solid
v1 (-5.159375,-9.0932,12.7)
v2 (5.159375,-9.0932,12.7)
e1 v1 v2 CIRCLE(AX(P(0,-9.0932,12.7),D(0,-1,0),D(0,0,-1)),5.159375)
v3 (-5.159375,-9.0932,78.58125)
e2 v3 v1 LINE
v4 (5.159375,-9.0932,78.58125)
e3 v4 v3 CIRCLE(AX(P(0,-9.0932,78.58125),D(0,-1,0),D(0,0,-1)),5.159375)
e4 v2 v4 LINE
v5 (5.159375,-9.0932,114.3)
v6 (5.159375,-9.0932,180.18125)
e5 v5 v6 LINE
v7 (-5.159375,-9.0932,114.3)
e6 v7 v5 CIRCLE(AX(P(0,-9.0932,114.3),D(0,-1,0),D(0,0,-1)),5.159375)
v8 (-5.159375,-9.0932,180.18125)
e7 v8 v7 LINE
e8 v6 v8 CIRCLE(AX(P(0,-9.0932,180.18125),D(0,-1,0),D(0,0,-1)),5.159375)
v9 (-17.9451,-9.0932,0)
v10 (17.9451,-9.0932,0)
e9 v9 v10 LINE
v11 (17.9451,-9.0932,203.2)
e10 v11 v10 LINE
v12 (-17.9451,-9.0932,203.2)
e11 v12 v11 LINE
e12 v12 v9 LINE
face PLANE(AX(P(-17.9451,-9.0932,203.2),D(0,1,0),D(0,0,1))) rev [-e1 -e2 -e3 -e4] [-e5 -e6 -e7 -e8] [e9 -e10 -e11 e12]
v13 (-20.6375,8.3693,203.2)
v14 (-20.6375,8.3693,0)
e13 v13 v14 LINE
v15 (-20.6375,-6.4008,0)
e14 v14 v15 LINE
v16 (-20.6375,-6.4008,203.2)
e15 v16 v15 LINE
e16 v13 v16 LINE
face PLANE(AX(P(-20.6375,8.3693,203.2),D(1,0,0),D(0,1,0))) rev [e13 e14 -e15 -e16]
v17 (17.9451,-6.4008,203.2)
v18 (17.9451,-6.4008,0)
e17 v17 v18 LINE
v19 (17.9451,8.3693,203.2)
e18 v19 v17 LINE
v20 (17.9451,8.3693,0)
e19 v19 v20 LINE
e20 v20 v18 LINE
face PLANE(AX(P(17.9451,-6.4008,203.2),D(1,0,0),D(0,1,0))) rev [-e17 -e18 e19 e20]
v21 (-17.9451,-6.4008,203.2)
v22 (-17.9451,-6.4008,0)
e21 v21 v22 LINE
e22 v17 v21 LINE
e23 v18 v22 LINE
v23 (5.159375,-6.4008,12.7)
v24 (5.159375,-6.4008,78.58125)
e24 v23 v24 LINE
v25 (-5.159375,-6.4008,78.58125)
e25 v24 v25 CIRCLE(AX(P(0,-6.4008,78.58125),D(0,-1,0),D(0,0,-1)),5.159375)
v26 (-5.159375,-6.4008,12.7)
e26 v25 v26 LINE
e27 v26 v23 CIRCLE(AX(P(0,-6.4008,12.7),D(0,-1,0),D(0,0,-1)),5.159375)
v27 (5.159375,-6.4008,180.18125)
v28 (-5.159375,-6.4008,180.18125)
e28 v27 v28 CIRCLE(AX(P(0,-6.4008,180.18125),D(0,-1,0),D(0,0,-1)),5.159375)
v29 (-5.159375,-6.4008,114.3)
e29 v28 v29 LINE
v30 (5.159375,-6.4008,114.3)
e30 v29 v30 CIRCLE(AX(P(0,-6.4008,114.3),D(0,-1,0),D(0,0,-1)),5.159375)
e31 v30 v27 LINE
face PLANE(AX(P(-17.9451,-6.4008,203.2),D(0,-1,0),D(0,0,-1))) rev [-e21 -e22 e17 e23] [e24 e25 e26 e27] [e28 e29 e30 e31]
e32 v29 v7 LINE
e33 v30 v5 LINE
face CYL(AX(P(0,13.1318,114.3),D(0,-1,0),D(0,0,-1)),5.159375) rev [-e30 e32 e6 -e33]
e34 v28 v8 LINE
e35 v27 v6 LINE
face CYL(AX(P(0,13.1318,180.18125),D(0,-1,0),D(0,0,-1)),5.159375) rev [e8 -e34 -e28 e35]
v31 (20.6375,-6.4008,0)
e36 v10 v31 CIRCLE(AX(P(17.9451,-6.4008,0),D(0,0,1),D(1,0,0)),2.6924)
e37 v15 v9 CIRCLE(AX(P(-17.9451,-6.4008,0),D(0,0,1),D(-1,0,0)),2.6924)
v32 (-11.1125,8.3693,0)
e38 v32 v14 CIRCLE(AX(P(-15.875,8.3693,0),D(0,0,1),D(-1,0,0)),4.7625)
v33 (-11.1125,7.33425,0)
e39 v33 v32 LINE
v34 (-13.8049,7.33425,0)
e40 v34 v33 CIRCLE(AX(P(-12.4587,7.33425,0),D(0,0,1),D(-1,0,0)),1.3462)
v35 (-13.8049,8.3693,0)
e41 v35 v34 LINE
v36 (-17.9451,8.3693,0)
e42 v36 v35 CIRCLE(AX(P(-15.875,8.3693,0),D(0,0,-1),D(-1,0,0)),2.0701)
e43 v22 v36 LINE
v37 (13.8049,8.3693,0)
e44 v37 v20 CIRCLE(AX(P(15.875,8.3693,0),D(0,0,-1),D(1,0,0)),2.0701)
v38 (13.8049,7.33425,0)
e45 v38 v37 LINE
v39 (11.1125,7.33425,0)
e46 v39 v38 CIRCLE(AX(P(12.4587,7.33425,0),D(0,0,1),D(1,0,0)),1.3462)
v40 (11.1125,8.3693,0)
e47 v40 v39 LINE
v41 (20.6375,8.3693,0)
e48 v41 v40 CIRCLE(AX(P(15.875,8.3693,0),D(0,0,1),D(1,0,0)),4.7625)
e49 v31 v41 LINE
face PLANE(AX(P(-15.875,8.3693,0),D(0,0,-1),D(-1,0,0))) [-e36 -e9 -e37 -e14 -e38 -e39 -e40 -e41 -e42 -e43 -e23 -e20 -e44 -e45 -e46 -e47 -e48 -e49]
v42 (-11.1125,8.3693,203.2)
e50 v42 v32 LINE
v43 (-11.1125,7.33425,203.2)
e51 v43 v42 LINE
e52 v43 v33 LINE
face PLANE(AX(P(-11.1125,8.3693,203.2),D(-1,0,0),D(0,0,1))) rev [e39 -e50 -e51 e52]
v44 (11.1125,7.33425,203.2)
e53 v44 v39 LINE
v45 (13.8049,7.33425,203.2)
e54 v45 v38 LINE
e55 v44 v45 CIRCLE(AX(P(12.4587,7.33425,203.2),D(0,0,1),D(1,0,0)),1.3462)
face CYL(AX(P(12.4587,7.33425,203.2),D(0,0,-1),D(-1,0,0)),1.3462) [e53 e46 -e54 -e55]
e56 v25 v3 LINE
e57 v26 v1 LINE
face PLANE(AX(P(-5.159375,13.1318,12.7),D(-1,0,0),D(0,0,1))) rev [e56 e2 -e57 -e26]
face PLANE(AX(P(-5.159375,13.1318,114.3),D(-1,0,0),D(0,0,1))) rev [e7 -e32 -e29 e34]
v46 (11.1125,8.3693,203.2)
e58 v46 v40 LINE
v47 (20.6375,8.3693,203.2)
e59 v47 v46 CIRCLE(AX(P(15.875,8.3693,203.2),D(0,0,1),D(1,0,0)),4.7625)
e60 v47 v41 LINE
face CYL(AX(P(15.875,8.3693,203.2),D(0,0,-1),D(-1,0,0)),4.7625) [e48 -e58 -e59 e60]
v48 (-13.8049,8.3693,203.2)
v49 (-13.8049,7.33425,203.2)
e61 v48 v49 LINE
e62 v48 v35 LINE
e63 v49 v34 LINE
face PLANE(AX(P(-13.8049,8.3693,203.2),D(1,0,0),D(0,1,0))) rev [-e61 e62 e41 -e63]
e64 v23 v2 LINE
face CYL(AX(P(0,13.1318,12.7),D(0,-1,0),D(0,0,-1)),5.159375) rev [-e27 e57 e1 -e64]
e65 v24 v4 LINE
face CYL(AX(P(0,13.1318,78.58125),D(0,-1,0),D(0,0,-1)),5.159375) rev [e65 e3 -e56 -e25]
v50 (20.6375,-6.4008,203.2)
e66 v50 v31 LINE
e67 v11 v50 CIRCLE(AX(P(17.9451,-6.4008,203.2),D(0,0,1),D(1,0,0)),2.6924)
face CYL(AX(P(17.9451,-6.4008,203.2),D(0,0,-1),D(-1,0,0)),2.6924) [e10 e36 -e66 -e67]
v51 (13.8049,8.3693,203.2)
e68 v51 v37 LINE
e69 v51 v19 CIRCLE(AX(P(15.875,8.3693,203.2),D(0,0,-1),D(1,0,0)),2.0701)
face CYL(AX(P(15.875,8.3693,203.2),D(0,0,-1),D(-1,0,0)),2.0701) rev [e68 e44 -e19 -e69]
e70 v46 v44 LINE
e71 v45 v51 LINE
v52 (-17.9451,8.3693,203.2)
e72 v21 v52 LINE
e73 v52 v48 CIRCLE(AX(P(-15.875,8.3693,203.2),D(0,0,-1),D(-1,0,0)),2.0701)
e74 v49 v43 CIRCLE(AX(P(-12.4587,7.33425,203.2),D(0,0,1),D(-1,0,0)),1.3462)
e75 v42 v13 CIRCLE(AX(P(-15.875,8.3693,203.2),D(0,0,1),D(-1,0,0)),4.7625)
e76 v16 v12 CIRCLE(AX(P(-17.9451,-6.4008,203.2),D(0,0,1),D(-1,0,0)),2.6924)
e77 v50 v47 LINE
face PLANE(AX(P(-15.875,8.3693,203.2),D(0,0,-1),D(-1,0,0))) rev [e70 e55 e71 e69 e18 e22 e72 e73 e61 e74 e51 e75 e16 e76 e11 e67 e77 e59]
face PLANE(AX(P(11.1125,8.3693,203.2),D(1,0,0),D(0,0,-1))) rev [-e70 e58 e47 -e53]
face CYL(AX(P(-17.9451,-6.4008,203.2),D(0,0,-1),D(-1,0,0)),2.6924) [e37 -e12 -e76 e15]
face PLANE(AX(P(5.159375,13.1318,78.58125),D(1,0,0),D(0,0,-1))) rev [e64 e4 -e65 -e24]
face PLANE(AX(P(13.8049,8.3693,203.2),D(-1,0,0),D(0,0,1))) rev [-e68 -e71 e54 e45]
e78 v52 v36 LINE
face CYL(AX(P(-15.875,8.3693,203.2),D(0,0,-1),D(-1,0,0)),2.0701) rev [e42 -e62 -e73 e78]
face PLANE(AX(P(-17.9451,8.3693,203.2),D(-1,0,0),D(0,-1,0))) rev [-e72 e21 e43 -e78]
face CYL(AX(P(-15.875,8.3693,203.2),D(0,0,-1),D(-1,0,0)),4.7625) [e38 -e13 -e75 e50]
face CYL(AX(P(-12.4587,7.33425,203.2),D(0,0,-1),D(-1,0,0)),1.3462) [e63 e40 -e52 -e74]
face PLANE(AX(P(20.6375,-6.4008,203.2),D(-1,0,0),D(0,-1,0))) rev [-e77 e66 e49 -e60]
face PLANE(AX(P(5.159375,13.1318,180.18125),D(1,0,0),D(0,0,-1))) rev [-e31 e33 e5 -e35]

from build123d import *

# Parameters (mm, degrees)
BASE_EXTRUDE_DEPTH = 203.2
SLOT_DEPTH         = 223.005691059
LPATTERN1_COUNT    = 2
LPATTERN1_PITCH    = 101.6


with BuildPart() as part:
    # Sketch1 → Base-Extrude (new body)
    with BuildSketch(Plane.XY):
        with BuildLine():
            Line((-20.6375, 8.3693), (-20.6375, -6.4008))
            ThreePointArc((-20.6375, -6.4008), (-19.848914298, -8.304614298), (-17.9451, -9.0932))
            Line((-17.9451, -9.0932), (17.9451, -9.0932))
            ThreePointArc((17.9451, -9.0932), (19.848914298, -8.304614298), (20.6375, -6.4008))
            Line((20.6375, -6.4008), (20.6375, 8.3693))
            ThreePointArc((20.6375, 8.3693), (15.875, 13.1318), (11.1125, 8.3693))
            Line((11.1125, 8.3693), (11.1125, 7.33425))
            ThreePointArc((11.1125, 7.33425), (12.4587, 5.98805), (13.8049, 7.33425))
            Line((13.8049, 7.33425), (13.8049, 8.3693))
            ThreePointArc((13.8049, 8.3693), (15.875, 10.4394), (17.9451, 8.3693))
            Line((17.9451, 8.3693), (17.9451, -6.4008))
            Line((17.9451, -6.4008), (-17.9451, -6.4008))
            Line((-17.9451, -6.4008), (-17.9451, 8.3693))
            ThreePointArc((-17.9451, 8.3693), (-15.875, 10.4394), (-13.8049, 8.3693))
            Line((-13.8049, 8.3693), (-13.8049, 7.33425))
            ThreePointArc((-13.8049, 7.33425), (-12.4587, 5.98805), (-11.1125, 7.33425))
            Line((-11.1125, 7.33425), (-11.1125, 8.3693))
            ThreePointArc((-11.1125, 8.3693), (-15.875, 13.1318), (-20.6375, 8.3693))
        make_face()
    extrude(amount=BASE_EXTRUDE_DEPTH)

    # Sketch2 → Slot (cut, through all)
    with BuildSketch(Plane(origin=(0, -9.0932, -16.724236571), x_dir=(1, 0, 0), z_dir=(0, -1, 0))):
        with BuildLine():
            Line((5.159375, 95.305486571), (5.159375, 29.424236571))
            ThreePointArc((5.159375, 29.424236571), (0, 24.264861571), (-5.159375, 29.424236571))
            Line((-5.159375, 29.424236571), (-5.159375, 95.305486571))
            ThreePointArc((-5.159375, 95.305486571), (0, 100.464861571), (5.159375, 95.305486571))
        make_face()
    slot = extrude(amount=-SLOT_DEPTH, mode=Mode.SUBTRACT)

    # LPattern1: Slot ×2
    with Locations(*[(0, 0, i * LPATTERN1_PITCH) for i in range(1, LPATTERN1_COUNT)]):
        add(slot, mode=Mode.SUBTRACT)


solid = part.part
